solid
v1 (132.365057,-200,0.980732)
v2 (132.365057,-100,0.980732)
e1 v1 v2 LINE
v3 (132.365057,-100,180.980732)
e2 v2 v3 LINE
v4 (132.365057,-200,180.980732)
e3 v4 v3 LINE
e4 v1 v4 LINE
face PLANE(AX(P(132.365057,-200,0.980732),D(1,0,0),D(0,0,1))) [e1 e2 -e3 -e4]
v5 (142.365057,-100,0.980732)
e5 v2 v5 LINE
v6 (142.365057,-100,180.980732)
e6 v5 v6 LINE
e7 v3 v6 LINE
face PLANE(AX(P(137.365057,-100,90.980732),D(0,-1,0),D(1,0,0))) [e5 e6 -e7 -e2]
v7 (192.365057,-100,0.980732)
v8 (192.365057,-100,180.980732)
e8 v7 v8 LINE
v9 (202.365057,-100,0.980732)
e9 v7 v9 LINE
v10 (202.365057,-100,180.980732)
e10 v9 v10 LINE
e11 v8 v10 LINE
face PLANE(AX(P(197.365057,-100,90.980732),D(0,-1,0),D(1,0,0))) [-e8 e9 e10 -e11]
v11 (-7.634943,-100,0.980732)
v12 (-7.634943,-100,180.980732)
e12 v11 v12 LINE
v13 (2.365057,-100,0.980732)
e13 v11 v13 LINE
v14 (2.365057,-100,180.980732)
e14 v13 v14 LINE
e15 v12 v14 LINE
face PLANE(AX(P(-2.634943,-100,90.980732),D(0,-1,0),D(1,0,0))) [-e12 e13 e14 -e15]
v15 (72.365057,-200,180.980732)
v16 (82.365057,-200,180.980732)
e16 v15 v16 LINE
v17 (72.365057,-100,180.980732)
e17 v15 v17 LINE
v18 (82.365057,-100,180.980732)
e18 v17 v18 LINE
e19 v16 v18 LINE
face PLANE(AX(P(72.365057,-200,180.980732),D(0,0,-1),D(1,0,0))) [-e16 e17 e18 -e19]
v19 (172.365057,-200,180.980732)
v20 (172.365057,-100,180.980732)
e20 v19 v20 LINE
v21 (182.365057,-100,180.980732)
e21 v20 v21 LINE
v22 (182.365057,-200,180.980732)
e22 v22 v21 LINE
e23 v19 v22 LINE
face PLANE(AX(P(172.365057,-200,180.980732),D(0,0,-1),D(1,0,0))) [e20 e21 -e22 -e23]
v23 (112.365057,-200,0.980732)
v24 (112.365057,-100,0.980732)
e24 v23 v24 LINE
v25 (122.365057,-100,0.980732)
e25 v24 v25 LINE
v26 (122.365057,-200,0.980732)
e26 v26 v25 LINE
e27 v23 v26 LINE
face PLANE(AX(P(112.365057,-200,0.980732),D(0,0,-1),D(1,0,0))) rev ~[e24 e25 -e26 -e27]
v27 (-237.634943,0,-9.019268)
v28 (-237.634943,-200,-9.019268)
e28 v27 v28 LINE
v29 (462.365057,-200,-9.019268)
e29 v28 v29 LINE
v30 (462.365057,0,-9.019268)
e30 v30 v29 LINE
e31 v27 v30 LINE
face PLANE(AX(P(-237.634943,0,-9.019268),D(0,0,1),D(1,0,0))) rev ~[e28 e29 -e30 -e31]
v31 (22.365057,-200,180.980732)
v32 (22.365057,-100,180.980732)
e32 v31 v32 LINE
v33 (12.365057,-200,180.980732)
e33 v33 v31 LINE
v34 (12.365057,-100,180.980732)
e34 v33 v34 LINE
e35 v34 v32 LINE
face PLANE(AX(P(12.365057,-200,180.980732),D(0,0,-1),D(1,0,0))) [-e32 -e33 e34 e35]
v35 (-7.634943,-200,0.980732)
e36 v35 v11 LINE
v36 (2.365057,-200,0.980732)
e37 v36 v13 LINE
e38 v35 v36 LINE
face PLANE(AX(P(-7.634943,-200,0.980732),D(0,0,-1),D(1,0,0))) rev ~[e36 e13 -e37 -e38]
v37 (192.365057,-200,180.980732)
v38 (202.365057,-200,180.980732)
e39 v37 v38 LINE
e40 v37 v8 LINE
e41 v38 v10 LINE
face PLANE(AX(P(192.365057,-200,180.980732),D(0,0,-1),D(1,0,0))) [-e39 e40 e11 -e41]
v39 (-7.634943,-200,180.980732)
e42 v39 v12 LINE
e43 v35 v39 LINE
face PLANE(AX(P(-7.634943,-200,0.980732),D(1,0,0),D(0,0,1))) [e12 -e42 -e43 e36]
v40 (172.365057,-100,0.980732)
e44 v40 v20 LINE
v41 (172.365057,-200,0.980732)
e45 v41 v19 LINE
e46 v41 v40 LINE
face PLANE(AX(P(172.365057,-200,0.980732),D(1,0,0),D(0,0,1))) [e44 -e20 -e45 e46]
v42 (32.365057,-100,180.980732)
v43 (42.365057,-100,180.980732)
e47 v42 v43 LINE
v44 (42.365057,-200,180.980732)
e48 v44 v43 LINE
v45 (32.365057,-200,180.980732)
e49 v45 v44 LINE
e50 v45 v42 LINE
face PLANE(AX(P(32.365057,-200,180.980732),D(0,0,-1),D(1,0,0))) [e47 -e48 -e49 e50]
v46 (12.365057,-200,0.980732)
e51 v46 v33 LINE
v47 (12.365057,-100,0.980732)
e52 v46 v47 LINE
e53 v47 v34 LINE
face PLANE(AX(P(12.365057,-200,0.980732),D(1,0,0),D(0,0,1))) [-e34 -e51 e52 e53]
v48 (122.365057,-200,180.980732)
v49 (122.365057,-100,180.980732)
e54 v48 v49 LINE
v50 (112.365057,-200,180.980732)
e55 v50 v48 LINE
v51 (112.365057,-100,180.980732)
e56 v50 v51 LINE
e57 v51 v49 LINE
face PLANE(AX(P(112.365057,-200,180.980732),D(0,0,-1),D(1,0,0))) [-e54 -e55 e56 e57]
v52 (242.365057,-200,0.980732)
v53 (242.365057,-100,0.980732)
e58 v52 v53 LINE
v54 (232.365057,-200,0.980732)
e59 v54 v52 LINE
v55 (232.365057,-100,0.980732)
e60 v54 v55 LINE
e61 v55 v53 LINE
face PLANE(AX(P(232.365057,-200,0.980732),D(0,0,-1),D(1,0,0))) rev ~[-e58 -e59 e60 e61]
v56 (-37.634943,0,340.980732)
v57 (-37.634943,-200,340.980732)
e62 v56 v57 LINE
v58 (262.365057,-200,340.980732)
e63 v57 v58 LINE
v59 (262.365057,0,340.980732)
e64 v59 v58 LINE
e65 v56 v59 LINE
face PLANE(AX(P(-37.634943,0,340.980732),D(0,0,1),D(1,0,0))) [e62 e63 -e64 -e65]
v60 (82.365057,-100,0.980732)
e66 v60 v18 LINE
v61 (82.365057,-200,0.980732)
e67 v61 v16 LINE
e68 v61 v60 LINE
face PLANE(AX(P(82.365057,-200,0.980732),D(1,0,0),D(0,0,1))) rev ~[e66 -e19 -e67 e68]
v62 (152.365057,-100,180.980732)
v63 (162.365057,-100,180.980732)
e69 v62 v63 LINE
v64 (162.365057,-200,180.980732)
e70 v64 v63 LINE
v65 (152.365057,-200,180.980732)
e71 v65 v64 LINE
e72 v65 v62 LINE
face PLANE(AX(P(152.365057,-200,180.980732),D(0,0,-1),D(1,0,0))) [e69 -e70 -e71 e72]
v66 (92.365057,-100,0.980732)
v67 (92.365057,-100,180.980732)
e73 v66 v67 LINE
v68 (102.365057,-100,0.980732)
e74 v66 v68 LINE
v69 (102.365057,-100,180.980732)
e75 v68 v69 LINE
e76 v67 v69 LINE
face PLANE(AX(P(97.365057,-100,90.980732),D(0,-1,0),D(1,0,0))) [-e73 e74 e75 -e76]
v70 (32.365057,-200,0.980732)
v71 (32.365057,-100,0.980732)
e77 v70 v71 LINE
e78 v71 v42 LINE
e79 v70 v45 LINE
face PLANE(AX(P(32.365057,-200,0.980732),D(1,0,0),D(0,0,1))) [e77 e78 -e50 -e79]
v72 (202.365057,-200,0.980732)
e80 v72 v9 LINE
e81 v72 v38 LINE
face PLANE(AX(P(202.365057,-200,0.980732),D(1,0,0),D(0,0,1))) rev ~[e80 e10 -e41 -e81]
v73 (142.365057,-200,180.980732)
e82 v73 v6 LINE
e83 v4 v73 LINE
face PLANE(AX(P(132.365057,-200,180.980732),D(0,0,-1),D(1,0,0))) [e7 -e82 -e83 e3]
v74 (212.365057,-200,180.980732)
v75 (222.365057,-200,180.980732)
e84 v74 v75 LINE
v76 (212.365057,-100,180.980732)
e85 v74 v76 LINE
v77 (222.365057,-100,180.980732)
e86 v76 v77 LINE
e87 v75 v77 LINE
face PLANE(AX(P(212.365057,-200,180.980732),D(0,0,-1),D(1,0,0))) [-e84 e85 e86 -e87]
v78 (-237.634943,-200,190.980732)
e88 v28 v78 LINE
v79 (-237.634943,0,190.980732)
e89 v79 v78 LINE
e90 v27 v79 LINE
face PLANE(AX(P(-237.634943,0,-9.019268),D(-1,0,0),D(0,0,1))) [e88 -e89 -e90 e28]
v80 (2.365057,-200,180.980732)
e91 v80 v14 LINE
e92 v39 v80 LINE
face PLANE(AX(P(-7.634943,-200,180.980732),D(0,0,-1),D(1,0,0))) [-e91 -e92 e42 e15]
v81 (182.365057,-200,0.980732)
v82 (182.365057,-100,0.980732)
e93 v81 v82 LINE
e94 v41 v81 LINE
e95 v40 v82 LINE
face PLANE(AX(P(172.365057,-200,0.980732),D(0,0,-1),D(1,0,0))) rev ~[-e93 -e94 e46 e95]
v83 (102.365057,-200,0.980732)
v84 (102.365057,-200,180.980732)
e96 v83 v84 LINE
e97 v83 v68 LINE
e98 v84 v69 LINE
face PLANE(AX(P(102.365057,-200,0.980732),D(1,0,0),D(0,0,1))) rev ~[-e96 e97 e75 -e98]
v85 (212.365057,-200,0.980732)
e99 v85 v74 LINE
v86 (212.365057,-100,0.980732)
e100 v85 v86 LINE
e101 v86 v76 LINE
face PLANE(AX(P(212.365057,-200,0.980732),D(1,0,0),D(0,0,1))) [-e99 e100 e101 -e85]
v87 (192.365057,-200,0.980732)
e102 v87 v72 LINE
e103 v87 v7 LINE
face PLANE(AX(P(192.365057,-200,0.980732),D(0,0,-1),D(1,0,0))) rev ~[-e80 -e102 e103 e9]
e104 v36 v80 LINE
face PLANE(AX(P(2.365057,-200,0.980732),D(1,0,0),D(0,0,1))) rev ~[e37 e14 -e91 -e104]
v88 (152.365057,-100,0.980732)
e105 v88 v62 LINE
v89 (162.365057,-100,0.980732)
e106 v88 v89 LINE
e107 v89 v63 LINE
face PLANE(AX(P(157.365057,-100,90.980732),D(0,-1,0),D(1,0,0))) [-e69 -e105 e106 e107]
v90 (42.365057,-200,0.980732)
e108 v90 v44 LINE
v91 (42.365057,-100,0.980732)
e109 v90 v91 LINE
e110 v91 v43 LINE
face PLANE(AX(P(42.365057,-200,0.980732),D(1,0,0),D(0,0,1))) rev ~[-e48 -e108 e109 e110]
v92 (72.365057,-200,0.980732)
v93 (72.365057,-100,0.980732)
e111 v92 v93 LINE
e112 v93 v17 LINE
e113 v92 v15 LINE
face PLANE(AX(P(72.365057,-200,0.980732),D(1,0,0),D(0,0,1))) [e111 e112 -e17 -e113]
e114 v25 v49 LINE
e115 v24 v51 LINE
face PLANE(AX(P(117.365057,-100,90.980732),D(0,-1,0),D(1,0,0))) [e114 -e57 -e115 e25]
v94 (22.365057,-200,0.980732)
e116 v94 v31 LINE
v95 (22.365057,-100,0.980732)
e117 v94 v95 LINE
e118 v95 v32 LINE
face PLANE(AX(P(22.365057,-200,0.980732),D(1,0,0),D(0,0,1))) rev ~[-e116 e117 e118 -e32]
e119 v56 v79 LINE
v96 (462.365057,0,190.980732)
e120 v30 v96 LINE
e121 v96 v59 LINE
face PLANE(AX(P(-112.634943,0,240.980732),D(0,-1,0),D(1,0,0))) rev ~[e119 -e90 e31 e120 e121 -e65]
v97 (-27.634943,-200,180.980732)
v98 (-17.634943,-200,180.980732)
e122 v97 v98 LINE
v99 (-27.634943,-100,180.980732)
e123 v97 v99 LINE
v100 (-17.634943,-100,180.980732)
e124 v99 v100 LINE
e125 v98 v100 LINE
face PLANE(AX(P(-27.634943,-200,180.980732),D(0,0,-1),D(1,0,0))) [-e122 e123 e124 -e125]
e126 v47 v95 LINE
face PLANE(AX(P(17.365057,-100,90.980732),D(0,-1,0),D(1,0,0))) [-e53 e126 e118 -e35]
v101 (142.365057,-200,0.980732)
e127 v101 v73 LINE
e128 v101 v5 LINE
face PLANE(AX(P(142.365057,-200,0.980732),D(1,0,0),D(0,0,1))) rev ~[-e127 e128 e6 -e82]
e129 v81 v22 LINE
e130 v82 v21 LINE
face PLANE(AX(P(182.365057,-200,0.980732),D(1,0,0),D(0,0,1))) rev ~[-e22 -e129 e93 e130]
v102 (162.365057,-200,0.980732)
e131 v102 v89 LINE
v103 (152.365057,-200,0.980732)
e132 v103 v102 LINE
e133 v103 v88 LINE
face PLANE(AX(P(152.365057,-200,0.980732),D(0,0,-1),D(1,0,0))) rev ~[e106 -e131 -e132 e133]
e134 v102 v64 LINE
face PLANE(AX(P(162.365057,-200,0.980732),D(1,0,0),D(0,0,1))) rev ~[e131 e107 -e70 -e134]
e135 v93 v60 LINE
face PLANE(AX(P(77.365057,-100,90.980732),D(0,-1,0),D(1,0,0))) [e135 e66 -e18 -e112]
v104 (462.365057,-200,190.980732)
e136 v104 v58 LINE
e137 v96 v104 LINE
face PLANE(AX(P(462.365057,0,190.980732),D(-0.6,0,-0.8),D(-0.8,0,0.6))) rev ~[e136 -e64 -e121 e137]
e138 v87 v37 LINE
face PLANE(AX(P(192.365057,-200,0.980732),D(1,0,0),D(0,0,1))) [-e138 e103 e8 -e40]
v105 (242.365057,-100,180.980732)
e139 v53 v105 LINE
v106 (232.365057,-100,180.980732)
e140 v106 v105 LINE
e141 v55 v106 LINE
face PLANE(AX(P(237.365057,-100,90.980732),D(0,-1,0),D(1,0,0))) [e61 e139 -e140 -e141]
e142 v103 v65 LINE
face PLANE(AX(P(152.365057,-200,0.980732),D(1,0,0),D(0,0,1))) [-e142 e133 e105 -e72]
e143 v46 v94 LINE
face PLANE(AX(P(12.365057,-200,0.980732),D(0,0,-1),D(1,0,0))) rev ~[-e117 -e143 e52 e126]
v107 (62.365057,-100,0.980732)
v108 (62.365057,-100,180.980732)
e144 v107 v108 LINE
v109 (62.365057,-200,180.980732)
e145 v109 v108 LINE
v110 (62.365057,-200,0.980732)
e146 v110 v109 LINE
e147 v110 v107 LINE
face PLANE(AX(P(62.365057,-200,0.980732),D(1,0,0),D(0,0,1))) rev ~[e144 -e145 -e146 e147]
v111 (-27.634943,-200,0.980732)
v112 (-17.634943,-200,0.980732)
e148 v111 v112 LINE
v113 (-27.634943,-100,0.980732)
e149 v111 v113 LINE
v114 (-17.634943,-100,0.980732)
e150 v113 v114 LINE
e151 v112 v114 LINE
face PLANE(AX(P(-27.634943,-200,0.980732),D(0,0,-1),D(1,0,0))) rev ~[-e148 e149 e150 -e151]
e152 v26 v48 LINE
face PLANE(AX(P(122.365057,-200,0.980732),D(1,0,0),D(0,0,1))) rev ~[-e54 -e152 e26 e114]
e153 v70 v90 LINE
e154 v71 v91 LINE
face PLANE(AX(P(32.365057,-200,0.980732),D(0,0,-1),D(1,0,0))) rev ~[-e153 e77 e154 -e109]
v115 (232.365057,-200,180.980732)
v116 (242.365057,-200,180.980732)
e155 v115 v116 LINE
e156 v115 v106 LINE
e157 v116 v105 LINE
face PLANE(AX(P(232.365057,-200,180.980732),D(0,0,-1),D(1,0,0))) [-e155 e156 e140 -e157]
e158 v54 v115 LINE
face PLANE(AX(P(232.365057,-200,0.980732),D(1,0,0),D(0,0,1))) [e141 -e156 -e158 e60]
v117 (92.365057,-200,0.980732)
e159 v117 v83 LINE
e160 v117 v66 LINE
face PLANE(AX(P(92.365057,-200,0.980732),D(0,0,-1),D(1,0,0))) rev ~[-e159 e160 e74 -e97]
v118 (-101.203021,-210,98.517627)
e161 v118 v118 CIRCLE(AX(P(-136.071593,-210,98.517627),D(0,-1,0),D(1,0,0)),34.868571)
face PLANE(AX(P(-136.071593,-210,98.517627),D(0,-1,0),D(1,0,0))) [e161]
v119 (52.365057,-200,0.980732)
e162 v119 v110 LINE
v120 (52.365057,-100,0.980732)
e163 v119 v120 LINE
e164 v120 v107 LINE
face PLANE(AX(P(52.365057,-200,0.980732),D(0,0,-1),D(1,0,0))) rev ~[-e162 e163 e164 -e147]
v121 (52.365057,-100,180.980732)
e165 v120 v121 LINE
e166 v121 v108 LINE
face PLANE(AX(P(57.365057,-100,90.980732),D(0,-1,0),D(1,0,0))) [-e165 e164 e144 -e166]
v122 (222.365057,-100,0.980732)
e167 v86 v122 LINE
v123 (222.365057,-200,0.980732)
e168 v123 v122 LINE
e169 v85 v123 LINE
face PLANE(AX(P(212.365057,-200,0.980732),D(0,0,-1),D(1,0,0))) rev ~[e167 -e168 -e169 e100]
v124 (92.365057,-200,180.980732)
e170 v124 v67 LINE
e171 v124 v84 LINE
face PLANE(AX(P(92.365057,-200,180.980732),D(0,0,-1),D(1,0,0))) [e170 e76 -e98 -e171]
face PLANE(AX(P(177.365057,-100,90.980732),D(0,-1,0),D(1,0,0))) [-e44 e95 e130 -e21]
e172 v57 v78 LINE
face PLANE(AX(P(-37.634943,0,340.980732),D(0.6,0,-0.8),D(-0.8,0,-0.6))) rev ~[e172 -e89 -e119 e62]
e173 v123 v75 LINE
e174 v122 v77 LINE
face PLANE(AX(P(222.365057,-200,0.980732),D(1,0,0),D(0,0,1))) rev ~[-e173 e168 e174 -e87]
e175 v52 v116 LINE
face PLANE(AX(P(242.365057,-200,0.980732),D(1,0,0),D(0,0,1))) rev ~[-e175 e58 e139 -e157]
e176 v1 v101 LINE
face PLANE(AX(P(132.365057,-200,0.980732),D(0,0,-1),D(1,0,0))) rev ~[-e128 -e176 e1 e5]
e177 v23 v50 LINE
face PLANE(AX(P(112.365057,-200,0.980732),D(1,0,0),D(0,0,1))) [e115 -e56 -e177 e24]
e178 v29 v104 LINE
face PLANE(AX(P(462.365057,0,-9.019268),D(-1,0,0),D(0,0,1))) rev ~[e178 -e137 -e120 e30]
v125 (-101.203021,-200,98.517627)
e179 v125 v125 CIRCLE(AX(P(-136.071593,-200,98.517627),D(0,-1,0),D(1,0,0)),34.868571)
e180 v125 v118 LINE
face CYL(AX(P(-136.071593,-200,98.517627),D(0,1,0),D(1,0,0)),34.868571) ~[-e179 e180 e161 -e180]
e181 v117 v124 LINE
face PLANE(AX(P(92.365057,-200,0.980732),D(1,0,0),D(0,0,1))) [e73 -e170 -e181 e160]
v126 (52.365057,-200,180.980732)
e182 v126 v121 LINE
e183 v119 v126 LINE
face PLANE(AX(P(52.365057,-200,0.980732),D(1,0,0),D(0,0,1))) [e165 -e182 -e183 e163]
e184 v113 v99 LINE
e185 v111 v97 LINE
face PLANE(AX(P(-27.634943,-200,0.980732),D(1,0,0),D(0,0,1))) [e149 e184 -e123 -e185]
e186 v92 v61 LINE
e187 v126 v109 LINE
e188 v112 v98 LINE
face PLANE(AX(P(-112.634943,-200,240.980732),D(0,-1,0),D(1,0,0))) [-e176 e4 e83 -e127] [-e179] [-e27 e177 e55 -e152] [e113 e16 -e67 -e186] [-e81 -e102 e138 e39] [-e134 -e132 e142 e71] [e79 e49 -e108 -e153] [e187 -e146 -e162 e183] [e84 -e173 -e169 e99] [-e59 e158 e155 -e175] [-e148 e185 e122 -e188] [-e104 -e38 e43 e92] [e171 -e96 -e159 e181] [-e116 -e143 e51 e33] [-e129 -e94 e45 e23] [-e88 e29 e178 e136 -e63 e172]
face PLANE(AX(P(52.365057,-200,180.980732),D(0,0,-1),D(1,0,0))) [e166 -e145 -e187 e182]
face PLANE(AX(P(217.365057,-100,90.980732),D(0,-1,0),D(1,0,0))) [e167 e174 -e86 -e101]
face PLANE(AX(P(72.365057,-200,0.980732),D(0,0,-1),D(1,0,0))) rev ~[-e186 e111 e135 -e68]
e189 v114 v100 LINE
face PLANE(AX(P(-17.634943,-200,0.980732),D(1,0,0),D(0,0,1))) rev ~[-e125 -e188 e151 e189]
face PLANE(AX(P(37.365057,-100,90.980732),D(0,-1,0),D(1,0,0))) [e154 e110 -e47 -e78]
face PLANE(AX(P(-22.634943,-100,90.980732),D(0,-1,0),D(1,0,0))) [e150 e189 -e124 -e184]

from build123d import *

# Parameters (mm, degrees)
F0_W     = 200
F0_H     = 200
F0_W_2   = 300
F0_H_2   = 150
F1_DEPTH = 200
F2_W     = 10
F2_H     = 180
F3_DEPTH = 100
F4_R     = 34.8685713904
F5_DEPTH = 10


with BuildPart() as f1:
    # F0 (on Front) → F1 (new body)
    with BuildSketch(Plane.XZ):
        Polygon((-37.6349433511, 340.9807319556), (-237.6349433511, 190.9807319556), (-37.6349433511, 190.9807319556), align=None)
        with Locations((-137.6349433511, 90.9807319556)):
            Rectangle(F0_W, F0_H)
        with Locations((112.3650566489, 265.9807319556)):
            Rectangle(F0_W_2, F0_H_2)
        with Locations((112.3650566489, 90.9807319556)):
            Rectangle(F0_W_2, F0_H)
        Polygon((262.3650566489, 340.9807319556), (262.3650566489, 190.9807319556), (462.3650566489, 190.9807319556), align=None)
        with Locations((362.3650566489, 90.9807319556)):
            Rectangle(F0_W, F0_H)
    extrude(amount=F1_DEPTH)

    # F2 (on face) → F3 (cut)
    with BuildSketch(Plane.XZ.offset(200)):
        with Locations((-22.6349433511, 90.9807319556)):
            Rectangle(F2_W, F2_H)
        with Locations((-2.6349433511, 90.9807319556)):
            Rectangle(F2_W, F2_H)
        with Locations((17.3650566489, 90.9807319556)):
            Rectangle(F2_W, F2_H)
        with Locations((37.3650566489, 90.9807319556)):
            Rectangle(F2_W, F2_H)
        with Locations((57.3650566489, 90.9807319556)):
            Rectangle(F2_W, F2_H)
        with Locations((77.3650566489, 90.9807319556)):
            Rectangle(F2_W, F2_H)
        with Locations((97.3650566489, 90.9807319556)):
            Rectangle(F2_W, F2_H)
        with Locations((117.3650566489, 90.9807319556)):
            Rectangle(F2_W, F2_H)
        with Locations((137.3650566489, 90.9807319556)):
            Rectangle(F2_W, F2_H)
        with Locations((157.3650566489, 90.9807319556)):
            Rectangle(F2_W, F2_H)
        with Locations((177.3650566489, 90.9807319556)):
            Rectangle(F2_W, F2_H)
        with Locations((197.3650566489, 90.9807319556)):
            Rectangle(F2_W, F2_H)
        with Locations((217.3650566489, 90.9807319556)):
            Rectangle(F2_W, F2_H)
        with Locations((237.3650566489, 90.9807319556)):
            Rectangle(F2_W, F2_H)
    extrude(amount=-F3_DEPTH, mode=Mode.SUBTRACT)

    # F4 (on face) → F5 (join)
    with BuildSketch(Plane.XZ.offset(200)):
        with Locations((-136.0715925694, 98.517626524)):
            Circle(F4_R)
    extrude(amount=F5_DEPTH)


solid = f1.part
